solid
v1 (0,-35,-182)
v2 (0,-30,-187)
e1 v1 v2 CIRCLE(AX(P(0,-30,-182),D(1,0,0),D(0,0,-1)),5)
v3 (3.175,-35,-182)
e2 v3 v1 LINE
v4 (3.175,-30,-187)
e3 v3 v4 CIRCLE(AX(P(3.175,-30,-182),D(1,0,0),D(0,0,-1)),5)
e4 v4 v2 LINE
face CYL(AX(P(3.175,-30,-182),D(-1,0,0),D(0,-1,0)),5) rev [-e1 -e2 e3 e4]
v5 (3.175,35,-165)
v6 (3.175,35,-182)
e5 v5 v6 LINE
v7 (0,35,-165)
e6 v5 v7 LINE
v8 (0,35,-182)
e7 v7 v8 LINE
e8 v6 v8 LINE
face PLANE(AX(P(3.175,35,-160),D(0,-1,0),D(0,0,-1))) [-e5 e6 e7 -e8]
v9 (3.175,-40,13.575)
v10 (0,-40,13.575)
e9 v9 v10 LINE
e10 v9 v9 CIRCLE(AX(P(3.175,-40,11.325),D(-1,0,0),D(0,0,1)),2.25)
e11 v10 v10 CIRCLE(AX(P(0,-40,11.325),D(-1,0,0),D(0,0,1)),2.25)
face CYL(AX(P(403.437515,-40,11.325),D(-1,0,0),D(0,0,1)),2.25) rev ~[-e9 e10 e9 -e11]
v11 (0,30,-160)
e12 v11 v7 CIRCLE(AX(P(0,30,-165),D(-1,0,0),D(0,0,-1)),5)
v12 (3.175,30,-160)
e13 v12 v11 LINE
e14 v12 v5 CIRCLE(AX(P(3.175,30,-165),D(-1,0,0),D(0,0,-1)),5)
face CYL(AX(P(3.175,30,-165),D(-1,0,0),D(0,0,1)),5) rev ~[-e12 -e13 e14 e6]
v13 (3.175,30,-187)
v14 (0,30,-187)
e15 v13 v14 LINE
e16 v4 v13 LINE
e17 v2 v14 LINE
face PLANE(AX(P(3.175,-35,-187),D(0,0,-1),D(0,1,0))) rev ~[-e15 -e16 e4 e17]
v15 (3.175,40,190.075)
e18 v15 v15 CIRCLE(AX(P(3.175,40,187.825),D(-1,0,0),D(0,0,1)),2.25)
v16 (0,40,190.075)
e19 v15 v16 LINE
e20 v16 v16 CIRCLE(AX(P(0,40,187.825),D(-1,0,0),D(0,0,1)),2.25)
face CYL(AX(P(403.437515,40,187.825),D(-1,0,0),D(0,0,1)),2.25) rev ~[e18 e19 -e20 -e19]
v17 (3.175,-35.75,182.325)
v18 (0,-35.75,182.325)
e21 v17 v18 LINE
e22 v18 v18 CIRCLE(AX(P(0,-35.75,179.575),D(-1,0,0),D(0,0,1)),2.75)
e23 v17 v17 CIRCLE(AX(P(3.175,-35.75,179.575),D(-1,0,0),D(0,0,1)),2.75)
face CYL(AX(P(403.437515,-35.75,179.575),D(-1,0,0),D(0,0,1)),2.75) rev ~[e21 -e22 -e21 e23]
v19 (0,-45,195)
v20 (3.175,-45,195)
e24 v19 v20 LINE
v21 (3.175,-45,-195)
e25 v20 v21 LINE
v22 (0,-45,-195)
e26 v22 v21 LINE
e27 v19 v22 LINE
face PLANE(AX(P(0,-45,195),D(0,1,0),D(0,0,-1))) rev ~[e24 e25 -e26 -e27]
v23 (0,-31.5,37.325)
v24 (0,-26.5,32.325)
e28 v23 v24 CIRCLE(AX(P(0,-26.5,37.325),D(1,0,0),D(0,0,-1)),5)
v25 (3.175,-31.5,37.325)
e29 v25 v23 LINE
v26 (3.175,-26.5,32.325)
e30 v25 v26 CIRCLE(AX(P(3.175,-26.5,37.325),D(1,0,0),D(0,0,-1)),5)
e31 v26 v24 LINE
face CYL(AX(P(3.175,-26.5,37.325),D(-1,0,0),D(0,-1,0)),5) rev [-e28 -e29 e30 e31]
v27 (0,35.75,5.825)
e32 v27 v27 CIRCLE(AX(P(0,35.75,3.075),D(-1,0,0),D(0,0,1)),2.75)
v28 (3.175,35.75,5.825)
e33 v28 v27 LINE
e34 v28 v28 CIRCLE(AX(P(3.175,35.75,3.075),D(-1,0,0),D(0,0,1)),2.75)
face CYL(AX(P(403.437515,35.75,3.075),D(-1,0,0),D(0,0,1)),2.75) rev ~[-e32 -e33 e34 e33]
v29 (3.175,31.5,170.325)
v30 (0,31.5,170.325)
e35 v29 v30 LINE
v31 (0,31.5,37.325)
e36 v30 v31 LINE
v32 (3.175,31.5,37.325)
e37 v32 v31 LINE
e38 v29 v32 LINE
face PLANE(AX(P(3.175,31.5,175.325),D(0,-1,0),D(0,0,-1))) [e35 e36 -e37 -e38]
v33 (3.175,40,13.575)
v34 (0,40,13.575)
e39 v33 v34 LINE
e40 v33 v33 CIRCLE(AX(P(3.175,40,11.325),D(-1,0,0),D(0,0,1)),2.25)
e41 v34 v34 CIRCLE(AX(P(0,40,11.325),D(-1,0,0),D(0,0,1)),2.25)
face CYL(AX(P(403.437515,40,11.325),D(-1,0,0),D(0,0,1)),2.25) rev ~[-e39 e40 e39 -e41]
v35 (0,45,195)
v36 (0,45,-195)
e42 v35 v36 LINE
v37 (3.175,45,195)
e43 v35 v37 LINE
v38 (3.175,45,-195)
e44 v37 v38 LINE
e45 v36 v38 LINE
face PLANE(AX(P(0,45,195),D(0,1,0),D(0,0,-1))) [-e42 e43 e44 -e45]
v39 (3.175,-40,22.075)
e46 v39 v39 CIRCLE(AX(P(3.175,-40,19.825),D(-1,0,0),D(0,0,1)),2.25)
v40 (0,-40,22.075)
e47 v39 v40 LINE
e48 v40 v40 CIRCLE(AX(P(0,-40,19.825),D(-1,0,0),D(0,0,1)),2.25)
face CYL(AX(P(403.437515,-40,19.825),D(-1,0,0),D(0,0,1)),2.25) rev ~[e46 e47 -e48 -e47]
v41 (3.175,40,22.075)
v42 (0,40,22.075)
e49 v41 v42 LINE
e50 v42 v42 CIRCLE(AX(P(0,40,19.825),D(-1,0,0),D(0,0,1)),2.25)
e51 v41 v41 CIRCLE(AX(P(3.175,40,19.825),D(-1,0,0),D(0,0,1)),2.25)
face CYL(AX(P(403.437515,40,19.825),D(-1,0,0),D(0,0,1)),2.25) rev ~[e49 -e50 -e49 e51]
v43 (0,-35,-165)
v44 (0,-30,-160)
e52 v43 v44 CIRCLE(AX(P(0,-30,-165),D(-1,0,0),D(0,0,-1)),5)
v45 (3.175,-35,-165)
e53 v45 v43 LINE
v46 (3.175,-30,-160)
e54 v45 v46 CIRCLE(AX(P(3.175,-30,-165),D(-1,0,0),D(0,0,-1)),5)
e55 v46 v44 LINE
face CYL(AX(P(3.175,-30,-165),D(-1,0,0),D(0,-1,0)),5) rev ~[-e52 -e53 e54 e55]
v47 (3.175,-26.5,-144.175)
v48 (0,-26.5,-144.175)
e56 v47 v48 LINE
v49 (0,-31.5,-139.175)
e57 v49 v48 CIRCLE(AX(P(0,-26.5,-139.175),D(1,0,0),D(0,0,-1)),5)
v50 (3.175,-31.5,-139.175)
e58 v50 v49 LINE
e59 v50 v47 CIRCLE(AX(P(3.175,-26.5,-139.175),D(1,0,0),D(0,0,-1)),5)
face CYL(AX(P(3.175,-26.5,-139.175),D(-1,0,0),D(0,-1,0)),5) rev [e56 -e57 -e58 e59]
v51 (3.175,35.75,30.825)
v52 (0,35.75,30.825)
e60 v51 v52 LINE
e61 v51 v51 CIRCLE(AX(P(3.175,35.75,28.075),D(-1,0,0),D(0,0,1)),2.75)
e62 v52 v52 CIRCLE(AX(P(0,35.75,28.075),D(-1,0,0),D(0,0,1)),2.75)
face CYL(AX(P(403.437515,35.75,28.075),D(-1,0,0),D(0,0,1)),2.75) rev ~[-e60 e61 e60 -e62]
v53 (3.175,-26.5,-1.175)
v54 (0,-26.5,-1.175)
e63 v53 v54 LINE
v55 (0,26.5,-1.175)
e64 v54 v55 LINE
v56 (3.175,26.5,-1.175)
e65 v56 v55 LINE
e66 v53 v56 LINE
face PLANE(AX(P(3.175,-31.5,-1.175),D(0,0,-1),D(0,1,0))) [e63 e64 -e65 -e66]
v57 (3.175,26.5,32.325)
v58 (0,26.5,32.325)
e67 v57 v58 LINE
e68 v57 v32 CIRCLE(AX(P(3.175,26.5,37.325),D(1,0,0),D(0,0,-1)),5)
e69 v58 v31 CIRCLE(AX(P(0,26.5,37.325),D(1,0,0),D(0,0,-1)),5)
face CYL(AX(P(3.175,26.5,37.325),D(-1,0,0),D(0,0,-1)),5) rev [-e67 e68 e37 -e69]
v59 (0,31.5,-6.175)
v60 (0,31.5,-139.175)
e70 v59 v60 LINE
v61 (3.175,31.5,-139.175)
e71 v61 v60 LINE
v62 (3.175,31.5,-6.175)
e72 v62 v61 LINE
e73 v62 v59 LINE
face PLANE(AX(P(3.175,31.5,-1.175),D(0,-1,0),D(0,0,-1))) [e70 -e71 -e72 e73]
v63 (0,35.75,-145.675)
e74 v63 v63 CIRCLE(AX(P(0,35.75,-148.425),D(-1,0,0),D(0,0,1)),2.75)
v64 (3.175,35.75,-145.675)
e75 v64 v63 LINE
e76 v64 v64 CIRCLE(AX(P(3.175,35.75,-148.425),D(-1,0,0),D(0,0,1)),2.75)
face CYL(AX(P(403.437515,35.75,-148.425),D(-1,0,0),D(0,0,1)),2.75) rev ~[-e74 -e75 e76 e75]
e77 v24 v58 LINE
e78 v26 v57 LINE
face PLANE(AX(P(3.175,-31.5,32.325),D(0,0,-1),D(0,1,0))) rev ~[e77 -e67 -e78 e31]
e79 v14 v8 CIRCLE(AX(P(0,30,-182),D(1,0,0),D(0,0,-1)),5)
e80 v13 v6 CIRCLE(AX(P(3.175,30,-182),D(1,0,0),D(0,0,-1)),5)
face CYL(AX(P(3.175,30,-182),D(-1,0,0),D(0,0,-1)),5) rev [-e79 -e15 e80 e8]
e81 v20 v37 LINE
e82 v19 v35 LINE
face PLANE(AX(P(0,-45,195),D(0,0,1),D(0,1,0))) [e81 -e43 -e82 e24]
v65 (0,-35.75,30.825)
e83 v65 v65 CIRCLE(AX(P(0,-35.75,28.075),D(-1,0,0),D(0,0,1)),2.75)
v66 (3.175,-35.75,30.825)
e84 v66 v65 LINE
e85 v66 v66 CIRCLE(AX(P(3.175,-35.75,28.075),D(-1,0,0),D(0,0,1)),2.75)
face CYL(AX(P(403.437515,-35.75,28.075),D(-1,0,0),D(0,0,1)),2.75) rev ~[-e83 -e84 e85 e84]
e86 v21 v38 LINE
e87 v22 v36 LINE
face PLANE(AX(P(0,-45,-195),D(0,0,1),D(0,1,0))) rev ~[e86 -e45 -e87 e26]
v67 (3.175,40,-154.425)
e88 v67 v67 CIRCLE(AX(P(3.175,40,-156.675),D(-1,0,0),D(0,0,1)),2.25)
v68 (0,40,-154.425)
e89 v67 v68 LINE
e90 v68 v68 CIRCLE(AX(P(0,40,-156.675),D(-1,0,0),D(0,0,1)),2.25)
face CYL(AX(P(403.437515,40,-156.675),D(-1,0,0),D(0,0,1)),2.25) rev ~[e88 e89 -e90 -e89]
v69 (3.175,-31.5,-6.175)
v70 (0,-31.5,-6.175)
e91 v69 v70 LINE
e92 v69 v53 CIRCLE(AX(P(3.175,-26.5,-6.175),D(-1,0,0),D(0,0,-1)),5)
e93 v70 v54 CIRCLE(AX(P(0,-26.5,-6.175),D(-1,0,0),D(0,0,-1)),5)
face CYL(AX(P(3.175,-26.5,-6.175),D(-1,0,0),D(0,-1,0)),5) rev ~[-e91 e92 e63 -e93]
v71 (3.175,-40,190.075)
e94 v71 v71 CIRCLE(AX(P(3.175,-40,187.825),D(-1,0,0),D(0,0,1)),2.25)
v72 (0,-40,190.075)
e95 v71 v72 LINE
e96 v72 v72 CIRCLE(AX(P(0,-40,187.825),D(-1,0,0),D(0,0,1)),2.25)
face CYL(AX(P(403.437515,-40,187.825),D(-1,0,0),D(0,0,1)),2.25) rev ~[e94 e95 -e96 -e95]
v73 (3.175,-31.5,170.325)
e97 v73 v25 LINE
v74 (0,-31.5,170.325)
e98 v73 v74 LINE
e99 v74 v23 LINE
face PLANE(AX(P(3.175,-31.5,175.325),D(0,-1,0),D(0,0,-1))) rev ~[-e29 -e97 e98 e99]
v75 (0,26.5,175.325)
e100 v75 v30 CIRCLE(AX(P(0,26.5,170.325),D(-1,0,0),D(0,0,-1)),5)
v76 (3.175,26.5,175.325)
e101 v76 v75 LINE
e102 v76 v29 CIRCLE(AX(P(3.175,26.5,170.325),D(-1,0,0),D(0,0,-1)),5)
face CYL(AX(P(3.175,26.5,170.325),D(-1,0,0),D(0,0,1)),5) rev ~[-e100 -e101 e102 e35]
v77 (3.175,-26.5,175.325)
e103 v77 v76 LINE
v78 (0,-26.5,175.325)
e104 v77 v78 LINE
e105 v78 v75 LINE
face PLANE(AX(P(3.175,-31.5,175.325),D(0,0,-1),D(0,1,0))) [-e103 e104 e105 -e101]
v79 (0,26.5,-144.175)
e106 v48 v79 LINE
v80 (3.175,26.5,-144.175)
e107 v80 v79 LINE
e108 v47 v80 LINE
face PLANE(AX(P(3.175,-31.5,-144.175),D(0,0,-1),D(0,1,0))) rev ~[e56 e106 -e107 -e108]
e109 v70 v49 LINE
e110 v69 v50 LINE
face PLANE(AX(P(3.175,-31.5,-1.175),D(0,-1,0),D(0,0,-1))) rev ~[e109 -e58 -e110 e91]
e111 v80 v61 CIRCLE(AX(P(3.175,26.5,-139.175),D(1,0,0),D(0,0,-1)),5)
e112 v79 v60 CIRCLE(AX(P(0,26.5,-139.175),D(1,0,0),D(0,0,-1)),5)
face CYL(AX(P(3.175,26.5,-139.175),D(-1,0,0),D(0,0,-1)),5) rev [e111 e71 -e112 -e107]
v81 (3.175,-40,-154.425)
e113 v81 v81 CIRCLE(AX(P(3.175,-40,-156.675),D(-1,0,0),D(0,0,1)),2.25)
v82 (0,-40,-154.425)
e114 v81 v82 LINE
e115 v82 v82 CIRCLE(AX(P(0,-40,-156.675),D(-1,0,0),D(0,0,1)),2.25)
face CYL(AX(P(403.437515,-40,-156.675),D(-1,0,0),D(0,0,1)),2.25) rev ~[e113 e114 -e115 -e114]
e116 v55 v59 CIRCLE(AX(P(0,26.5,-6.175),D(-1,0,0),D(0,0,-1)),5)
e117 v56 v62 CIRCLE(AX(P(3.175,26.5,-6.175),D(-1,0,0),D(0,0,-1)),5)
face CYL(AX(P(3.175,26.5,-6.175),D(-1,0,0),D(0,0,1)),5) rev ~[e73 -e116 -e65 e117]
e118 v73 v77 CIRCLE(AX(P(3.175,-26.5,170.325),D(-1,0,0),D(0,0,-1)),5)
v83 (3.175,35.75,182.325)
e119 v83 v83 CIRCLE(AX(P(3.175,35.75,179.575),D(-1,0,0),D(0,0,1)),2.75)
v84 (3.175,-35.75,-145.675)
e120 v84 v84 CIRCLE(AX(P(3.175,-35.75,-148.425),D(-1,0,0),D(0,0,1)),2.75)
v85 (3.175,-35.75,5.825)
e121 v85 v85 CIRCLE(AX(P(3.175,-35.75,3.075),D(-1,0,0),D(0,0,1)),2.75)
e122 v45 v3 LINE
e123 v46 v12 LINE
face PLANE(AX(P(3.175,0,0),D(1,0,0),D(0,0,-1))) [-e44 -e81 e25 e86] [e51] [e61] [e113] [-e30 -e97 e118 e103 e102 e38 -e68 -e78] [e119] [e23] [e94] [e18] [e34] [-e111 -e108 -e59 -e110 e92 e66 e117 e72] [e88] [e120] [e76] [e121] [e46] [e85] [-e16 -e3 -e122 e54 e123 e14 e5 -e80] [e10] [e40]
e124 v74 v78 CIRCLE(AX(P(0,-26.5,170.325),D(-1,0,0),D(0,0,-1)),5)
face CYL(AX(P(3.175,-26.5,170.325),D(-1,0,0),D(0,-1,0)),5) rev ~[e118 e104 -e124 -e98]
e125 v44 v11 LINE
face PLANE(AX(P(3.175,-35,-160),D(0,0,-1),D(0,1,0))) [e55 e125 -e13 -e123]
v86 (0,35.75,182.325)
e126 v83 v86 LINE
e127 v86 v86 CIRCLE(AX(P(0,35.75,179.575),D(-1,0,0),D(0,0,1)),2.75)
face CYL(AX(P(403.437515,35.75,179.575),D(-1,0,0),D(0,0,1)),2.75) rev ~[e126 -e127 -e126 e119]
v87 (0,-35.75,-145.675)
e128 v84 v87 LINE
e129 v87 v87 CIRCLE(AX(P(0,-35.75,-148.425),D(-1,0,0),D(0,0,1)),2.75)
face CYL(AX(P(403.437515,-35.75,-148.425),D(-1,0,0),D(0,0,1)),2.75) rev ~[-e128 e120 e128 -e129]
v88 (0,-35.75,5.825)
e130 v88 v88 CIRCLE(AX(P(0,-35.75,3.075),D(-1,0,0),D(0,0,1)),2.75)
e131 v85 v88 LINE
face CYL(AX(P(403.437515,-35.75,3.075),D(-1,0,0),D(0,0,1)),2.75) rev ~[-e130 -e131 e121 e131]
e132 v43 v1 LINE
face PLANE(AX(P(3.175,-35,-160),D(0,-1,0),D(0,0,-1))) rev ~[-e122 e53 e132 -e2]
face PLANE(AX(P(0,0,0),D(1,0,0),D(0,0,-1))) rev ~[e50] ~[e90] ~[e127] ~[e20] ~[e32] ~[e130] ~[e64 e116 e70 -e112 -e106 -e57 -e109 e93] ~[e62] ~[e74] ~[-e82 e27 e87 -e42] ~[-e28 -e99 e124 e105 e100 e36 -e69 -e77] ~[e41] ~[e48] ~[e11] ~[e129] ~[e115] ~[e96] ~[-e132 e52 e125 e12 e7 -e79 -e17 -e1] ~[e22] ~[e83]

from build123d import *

# Parameters (mm, degrees)
SKETCH1_W            = 390
SKETCH1_H            = 90
BOSS_EXTRUDE1_DEPTH  = 3.175
SKETCH2_W            = 143
SKETCH2_H            = 63
CUT_EXTRUDE1_DEPTH   = 3.175
M5_CLEARANCE_HOLE1_D = 5.5
SKETCH6_W            = 27
SKETCH6_H            = 70
CUT_EXTRUDE2_DEPTH   = 3.175
M4_CLEARANCE_HOLE2_D = 4.5
FILLET1_R            = 5


with BuildPart() as part:
    # Sketch1 → Boss-Extrude1 (new body)
    with BuildSketch(Plane(origin=(0, 0, 0), x_dir=(0, 0, -1), z_dir=(1, 0, 0))):
        Rectangle(SKETCH1_W, SKETCH1_H)
    extrude(amount=BOSS_EXTRUDE1_DEPTH)

    # Sketch2 → Cut-Extrude1 (cut)
    with BuildSketch(Plane(origin=(3.175, 0, 0), x_dir=(0, 0, -1), z_dir=(1, 0, 0))):
        with Locations((72.675, 0)):
            Rectangle(SKETCH2_W, SKETCH2_H)
        with Locations((-103.825, 0)):
            Rectangle(SKETCH2_W, SKETCH2_H)
    extrude(amount=-CUT_EXTRUDE1_DEPTH, mode=Mode.SUBTRACT)

    # M5 Clearance Hole1 (through all)
    with Locations(Plane(origin=(3.175, 0, 0), x_dir=(0, 0, -1), z_dir=(1, 0, 0))):
        with Locations((-103.825, 0), (-28.075, 35.75), (-179.575, -35.75), (-179.575, 35.75), (-28.075, -35.75), (72.675, 0), (148.425, 35.75), (-3.075, -35.75), (-3.075, 35.75), (148.425, -35.75)):
            Hole(M5_CLEARANCE_HOLE1_D / 2)

    # Sketch6 → Cut-Extrude2 (cut)
    with BuildSketch(Plane(origin=(3.175, 0, 0), x_dir=(0, 0, -1), z_dir=(1, 0, 0))):
        with Locations((173.5, 0)):
            Rectangle(SKETCH6_W, SKETCH6_H)
    extrude(amount=-CUT_EXTRUDE2_DEPTH, mode=Mode.SUBTRACT)

    # M4 Clearance Hole2 (through all)
    with Locations(Plane(origin=(3.175, 0, 0), x_dir=(0, 0, -1), z_dir=(1, 0, 0))):
        with Locations((-103.825, 0), (-19.825, 40), (-187.825, -40), (-187.825, 40), (-19.825, -40), (72.675, 0), (156.675, 40), (-11.325, -40), (-11.325, 40), (156.675, -40)):
            Hole(M4_CLEARANCE_HOLE2_D / 2)

    # Fillet1
    fillet1_edges = [part.edges().sort_by_distance(p)[0] for p in [
        (1.5875, 35, -187),
        (1.5875, -35, -187),
        (1.5875, -35, -160),
        (1.5875, 35, -160),
        (1.5875, 31.5, 32.325),
        (1.5875, -31.5, 32.325),
        (1.5875, -31.5, 175.325),
        (1.5875, 31.5, 175.325),
        (1.5875, 31.5, -144.175),
        (1.5875, -31.5, -144.175),
        (1.5875, -31.5, -1.175),
        (1.5875, 31.5, -1.175),
    ]]
    fillet(fillet1_edges, radius=FILLET1_R)


solid = part.part
